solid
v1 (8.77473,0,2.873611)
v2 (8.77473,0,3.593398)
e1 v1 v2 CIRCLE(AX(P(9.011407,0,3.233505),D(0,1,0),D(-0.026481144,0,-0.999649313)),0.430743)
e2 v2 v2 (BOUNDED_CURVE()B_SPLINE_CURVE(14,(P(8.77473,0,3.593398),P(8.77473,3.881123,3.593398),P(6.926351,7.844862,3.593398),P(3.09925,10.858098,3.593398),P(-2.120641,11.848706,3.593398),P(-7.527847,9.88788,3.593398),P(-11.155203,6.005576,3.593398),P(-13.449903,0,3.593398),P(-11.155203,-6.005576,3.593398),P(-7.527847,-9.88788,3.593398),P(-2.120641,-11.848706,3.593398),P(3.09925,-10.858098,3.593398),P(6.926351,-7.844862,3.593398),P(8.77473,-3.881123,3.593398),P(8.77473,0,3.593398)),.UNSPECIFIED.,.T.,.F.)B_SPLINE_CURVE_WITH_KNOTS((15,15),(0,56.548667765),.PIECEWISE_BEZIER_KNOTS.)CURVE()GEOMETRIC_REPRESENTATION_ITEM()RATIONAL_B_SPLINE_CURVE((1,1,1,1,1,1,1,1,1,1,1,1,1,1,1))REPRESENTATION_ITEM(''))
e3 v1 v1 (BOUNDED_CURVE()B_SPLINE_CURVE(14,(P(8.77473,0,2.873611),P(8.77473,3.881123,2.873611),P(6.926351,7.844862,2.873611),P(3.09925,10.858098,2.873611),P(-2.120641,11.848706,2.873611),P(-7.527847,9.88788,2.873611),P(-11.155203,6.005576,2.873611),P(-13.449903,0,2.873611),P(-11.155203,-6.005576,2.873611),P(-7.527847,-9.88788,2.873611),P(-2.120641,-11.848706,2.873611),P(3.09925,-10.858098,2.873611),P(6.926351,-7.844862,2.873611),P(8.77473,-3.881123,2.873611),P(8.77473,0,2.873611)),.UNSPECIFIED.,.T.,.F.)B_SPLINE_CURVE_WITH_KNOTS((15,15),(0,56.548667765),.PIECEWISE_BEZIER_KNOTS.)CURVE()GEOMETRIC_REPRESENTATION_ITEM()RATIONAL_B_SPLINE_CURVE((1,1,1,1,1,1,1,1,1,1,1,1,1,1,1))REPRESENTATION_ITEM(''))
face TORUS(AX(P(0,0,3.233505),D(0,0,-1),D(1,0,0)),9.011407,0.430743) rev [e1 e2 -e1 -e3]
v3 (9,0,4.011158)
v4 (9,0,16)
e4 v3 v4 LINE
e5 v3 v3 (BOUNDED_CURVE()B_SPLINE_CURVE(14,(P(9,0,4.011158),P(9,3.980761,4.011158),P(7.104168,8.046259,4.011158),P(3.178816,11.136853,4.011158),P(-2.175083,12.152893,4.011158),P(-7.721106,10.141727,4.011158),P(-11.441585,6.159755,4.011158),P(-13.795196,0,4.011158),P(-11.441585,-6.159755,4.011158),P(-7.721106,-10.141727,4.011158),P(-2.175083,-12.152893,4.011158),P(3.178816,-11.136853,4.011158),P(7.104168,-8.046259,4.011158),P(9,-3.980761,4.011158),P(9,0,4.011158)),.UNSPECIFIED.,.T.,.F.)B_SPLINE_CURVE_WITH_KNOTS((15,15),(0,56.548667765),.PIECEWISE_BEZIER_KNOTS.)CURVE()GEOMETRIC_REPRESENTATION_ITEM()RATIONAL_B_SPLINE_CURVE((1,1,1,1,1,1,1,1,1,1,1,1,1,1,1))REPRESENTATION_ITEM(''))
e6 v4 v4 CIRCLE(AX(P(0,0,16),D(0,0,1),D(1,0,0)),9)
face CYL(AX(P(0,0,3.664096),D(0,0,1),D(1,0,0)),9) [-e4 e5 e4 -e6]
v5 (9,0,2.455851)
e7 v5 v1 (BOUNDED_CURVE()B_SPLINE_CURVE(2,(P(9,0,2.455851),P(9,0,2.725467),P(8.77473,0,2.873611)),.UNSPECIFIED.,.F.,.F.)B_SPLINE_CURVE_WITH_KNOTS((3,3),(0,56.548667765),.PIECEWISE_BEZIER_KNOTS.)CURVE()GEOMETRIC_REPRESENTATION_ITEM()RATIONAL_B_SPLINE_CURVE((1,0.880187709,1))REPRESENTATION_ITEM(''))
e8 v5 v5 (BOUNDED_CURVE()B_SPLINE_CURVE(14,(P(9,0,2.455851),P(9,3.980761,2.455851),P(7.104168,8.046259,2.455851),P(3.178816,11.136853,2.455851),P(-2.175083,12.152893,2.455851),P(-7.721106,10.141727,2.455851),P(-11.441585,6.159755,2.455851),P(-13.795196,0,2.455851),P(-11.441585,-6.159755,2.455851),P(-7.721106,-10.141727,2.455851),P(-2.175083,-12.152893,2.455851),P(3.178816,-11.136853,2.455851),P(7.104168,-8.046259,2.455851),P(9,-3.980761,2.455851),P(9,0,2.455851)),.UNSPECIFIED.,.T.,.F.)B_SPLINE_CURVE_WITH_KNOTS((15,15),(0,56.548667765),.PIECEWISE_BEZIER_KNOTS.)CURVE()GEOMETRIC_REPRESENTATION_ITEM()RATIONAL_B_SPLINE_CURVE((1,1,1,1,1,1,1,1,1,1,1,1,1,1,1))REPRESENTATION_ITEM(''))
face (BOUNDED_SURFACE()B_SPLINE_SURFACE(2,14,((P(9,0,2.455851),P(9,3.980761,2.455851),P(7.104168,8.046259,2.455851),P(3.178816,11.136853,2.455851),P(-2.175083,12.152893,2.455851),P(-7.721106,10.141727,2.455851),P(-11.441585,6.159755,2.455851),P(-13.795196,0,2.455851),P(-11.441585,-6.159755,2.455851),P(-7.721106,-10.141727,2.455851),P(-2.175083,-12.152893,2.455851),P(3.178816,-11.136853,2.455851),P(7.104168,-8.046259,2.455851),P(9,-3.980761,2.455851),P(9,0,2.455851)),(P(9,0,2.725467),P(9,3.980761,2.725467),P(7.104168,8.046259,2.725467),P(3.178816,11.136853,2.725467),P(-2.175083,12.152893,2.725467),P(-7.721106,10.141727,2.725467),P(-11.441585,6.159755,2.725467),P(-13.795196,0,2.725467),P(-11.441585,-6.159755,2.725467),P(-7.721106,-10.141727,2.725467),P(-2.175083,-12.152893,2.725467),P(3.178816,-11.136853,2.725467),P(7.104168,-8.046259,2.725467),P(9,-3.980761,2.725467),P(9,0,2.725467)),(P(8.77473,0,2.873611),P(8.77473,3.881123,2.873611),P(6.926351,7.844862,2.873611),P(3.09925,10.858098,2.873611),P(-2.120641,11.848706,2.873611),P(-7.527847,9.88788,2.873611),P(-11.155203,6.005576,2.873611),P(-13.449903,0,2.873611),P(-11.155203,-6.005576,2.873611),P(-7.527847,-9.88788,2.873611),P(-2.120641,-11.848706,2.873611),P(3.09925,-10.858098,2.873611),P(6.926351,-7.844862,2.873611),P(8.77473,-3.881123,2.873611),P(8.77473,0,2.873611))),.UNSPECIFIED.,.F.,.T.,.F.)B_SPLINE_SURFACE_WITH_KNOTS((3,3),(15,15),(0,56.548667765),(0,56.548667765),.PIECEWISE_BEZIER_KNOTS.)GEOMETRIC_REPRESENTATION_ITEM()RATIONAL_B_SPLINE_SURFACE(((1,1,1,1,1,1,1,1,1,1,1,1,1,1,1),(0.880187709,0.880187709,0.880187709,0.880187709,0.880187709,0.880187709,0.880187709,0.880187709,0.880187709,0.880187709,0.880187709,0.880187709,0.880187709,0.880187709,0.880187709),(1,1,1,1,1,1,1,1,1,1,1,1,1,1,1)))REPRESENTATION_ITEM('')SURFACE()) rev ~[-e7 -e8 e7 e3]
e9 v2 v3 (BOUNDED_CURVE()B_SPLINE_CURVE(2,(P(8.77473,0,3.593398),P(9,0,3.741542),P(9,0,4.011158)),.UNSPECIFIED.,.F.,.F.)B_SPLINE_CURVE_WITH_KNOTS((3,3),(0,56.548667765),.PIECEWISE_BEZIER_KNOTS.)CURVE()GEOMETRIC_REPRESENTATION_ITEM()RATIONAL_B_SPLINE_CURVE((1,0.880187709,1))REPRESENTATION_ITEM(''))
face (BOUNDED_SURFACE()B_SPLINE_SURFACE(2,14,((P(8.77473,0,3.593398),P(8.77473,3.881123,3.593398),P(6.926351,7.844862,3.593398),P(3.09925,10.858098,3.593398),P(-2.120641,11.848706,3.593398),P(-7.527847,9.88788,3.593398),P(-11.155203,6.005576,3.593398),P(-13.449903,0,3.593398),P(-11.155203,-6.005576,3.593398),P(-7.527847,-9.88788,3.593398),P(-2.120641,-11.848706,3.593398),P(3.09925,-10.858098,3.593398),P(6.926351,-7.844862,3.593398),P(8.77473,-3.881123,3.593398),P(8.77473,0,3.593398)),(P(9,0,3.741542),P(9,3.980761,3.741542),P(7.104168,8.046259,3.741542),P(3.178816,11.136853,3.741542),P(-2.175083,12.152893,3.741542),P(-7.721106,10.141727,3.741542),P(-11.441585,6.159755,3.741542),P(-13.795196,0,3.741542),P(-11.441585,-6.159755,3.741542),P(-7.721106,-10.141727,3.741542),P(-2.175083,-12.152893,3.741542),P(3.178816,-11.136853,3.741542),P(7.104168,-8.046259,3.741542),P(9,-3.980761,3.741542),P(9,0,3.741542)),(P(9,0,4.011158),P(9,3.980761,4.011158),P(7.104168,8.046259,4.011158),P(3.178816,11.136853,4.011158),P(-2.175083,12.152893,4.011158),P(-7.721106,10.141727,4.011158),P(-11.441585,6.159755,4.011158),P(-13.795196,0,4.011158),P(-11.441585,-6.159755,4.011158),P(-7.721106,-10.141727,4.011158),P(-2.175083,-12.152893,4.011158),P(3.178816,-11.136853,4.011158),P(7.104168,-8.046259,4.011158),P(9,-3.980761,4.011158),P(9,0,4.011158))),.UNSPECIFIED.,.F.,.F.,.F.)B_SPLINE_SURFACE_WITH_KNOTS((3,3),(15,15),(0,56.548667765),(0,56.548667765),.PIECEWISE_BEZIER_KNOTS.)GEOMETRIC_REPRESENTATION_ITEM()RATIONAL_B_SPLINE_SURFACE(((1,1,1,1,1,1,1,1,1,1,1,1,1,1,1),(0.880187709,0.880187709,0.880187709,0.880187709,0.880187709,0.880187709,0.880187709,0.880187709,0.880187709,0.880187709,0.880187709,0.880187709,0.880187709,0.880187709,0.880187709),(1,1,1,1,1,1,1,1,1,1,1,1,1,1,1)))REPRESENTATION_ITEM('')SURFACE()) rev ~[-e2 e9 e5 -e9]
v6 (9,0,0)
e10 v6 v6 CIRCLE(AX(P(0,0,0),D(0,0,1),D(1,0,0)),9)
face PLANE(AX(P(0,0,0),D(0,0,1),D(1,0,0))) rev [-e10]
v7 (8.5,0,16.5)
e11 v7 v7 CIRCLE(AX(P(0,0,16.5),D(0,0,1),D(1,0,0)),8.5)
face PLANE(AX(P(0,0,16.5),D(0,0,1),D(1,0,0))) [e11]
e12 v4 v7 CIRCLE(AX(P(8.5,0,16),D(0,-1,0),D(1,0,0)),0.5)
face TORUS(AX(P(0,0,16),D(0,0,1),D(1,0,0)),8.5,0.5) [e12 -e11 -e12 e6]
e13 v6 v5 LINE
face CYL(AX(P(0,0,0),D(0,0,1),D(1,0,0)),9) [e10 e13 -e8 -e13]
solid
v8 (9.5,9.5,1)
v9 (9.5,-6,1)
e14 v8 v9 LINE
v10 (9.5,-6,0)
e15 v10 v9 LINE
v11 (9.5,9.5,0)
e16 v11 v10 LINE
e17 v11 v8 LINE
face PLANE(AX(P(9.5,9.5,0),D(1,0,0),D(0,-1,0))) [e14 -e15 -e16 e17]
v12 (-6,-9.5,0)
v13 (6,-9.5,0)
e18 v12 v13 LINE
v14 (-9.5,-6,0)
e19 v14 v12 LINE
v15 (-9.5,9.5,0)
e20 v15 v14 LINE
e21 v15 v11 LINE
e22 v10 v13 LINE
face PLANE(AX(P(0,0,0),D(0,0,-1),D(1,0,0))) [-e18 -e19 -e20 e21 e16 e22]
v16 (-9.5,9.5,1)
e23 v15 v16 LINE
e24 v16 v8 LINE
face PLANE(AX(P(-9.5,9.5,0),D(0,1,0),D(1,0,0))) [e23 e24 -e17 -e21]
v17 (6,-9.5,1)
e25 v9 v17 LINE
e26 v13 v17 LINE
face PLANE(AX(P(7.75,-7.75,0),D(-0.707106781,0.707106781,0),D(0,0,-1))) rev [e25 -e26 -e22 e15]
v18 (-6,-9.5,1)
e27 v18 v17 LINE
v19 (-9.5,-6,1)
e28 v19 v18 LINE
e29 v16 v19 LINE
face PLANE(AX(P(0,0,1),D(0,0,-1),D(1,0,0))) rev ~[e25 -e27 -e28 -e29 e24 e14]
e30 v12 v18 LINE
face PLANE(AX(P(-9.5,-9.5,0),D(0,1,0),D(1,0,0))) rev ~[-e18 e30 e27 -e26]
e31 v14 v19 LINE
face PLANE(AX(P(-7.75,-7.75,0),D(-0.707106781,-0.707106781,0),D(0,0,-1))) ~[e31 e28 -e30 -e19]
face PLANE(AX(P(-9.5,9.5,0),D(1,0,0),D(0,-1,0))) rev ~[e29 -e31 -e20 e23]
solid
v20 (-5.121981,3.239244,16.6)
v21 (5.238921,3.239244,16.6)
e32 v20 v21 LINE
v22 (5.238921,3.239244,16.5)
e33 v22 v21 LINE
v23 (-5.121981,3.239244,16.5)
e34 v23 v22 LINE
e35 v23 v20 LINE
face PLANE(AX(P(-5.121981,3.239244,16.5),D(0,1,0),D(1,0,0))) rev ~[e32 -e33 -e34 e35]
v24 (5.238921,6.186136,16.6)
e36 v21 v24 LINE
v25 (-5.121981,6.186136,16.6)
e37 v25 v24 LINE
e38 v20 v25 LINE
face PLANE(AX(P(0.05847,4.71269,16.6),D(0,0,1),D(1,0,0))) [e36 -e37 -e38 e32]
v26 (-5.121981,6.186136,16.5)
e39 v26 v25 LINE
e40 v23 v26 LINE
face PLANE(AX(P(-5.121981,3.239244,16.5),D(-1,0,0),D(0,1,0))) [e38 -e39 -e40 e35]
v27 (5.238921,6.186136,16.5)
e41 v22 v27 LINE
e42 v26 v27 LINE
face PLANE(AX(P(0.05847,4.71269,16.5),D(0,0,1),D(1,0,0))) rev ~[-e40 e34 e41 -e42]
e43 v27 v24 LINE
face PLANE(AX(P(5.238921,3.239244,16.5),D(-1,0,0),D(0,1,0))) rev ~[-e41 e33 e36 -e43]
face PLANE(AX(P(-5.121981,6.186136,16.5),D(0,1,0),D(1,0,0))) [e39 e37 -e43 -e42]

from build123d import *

# Parameters (mm, degrees)
F2_R     = 0.5
F3_W     = 19
F3_H     = 19
F4_DEPTH = 1
F5_SIZE  = 3.5
F6_W     = 10.360902
F6_H     = 2.946893
F7_DEPTH = 0.1


with BuildPart() as f1:
    # F0 (on Front) → F1 (revolve)
    with BuildSketch(Plane.XZ):
        with BuildLine():
            Line((0, 16.5), (0, 0))
            Line((0, 0), (9, 0))
            Line((9, 0), (9, 2.802913))
            ThreePointArc((9, 2.802913), (8.580664, 3.233504), (9, 3.664096))
            Line((9, 3.664096), (9, 16.5))
            Line((9, 16.5), (0, 16.5))
        make_face()
    revolve(axis=Axis((0, 0, 8.25), (0, 0, 1)))

    # F2
    f2_edges = [f1.edges().sort_by_distance(p)[0] for p in [
        (-9, 0, 16.5),
        (-9, 0, 3.664096),
        (-9, 0, 2.802913),
    ]]
    fillet(f2_edges, radius=F2_R)


with BuildPart() as f4:
    # F3 (on face) → F4 (new body)
    with BuildSketch(Plane(origin=(0, 0, 0), x_dir=(1, 0, 0), z_dir=(0, 0, -1))):
        Rectangle(F3_W, F3_H)
    extrude(amount=-F4_DEPTH)

    # F5
    f5_edges = [f4.edges().sort_by_distance(p)[0] for p in [
        (-9.5, -9.5, 0.5),
        (9.5, -9.5, 0.5),
    ]]
    chamfer(f5_edges, length=F5_SIZE)


with BuildPart() as f7:
    # F6 (on face) → F7 (new body)
    with BuildSketch(Plane.XY.offset(16.5)):
        with Locations((0.05847, 4.71269)):
            Rectangle(F6_W, F6_H)
    extrude(amount=F7_DEPTH)


solid = Compound([f1.part, f4.part, f7.part])
